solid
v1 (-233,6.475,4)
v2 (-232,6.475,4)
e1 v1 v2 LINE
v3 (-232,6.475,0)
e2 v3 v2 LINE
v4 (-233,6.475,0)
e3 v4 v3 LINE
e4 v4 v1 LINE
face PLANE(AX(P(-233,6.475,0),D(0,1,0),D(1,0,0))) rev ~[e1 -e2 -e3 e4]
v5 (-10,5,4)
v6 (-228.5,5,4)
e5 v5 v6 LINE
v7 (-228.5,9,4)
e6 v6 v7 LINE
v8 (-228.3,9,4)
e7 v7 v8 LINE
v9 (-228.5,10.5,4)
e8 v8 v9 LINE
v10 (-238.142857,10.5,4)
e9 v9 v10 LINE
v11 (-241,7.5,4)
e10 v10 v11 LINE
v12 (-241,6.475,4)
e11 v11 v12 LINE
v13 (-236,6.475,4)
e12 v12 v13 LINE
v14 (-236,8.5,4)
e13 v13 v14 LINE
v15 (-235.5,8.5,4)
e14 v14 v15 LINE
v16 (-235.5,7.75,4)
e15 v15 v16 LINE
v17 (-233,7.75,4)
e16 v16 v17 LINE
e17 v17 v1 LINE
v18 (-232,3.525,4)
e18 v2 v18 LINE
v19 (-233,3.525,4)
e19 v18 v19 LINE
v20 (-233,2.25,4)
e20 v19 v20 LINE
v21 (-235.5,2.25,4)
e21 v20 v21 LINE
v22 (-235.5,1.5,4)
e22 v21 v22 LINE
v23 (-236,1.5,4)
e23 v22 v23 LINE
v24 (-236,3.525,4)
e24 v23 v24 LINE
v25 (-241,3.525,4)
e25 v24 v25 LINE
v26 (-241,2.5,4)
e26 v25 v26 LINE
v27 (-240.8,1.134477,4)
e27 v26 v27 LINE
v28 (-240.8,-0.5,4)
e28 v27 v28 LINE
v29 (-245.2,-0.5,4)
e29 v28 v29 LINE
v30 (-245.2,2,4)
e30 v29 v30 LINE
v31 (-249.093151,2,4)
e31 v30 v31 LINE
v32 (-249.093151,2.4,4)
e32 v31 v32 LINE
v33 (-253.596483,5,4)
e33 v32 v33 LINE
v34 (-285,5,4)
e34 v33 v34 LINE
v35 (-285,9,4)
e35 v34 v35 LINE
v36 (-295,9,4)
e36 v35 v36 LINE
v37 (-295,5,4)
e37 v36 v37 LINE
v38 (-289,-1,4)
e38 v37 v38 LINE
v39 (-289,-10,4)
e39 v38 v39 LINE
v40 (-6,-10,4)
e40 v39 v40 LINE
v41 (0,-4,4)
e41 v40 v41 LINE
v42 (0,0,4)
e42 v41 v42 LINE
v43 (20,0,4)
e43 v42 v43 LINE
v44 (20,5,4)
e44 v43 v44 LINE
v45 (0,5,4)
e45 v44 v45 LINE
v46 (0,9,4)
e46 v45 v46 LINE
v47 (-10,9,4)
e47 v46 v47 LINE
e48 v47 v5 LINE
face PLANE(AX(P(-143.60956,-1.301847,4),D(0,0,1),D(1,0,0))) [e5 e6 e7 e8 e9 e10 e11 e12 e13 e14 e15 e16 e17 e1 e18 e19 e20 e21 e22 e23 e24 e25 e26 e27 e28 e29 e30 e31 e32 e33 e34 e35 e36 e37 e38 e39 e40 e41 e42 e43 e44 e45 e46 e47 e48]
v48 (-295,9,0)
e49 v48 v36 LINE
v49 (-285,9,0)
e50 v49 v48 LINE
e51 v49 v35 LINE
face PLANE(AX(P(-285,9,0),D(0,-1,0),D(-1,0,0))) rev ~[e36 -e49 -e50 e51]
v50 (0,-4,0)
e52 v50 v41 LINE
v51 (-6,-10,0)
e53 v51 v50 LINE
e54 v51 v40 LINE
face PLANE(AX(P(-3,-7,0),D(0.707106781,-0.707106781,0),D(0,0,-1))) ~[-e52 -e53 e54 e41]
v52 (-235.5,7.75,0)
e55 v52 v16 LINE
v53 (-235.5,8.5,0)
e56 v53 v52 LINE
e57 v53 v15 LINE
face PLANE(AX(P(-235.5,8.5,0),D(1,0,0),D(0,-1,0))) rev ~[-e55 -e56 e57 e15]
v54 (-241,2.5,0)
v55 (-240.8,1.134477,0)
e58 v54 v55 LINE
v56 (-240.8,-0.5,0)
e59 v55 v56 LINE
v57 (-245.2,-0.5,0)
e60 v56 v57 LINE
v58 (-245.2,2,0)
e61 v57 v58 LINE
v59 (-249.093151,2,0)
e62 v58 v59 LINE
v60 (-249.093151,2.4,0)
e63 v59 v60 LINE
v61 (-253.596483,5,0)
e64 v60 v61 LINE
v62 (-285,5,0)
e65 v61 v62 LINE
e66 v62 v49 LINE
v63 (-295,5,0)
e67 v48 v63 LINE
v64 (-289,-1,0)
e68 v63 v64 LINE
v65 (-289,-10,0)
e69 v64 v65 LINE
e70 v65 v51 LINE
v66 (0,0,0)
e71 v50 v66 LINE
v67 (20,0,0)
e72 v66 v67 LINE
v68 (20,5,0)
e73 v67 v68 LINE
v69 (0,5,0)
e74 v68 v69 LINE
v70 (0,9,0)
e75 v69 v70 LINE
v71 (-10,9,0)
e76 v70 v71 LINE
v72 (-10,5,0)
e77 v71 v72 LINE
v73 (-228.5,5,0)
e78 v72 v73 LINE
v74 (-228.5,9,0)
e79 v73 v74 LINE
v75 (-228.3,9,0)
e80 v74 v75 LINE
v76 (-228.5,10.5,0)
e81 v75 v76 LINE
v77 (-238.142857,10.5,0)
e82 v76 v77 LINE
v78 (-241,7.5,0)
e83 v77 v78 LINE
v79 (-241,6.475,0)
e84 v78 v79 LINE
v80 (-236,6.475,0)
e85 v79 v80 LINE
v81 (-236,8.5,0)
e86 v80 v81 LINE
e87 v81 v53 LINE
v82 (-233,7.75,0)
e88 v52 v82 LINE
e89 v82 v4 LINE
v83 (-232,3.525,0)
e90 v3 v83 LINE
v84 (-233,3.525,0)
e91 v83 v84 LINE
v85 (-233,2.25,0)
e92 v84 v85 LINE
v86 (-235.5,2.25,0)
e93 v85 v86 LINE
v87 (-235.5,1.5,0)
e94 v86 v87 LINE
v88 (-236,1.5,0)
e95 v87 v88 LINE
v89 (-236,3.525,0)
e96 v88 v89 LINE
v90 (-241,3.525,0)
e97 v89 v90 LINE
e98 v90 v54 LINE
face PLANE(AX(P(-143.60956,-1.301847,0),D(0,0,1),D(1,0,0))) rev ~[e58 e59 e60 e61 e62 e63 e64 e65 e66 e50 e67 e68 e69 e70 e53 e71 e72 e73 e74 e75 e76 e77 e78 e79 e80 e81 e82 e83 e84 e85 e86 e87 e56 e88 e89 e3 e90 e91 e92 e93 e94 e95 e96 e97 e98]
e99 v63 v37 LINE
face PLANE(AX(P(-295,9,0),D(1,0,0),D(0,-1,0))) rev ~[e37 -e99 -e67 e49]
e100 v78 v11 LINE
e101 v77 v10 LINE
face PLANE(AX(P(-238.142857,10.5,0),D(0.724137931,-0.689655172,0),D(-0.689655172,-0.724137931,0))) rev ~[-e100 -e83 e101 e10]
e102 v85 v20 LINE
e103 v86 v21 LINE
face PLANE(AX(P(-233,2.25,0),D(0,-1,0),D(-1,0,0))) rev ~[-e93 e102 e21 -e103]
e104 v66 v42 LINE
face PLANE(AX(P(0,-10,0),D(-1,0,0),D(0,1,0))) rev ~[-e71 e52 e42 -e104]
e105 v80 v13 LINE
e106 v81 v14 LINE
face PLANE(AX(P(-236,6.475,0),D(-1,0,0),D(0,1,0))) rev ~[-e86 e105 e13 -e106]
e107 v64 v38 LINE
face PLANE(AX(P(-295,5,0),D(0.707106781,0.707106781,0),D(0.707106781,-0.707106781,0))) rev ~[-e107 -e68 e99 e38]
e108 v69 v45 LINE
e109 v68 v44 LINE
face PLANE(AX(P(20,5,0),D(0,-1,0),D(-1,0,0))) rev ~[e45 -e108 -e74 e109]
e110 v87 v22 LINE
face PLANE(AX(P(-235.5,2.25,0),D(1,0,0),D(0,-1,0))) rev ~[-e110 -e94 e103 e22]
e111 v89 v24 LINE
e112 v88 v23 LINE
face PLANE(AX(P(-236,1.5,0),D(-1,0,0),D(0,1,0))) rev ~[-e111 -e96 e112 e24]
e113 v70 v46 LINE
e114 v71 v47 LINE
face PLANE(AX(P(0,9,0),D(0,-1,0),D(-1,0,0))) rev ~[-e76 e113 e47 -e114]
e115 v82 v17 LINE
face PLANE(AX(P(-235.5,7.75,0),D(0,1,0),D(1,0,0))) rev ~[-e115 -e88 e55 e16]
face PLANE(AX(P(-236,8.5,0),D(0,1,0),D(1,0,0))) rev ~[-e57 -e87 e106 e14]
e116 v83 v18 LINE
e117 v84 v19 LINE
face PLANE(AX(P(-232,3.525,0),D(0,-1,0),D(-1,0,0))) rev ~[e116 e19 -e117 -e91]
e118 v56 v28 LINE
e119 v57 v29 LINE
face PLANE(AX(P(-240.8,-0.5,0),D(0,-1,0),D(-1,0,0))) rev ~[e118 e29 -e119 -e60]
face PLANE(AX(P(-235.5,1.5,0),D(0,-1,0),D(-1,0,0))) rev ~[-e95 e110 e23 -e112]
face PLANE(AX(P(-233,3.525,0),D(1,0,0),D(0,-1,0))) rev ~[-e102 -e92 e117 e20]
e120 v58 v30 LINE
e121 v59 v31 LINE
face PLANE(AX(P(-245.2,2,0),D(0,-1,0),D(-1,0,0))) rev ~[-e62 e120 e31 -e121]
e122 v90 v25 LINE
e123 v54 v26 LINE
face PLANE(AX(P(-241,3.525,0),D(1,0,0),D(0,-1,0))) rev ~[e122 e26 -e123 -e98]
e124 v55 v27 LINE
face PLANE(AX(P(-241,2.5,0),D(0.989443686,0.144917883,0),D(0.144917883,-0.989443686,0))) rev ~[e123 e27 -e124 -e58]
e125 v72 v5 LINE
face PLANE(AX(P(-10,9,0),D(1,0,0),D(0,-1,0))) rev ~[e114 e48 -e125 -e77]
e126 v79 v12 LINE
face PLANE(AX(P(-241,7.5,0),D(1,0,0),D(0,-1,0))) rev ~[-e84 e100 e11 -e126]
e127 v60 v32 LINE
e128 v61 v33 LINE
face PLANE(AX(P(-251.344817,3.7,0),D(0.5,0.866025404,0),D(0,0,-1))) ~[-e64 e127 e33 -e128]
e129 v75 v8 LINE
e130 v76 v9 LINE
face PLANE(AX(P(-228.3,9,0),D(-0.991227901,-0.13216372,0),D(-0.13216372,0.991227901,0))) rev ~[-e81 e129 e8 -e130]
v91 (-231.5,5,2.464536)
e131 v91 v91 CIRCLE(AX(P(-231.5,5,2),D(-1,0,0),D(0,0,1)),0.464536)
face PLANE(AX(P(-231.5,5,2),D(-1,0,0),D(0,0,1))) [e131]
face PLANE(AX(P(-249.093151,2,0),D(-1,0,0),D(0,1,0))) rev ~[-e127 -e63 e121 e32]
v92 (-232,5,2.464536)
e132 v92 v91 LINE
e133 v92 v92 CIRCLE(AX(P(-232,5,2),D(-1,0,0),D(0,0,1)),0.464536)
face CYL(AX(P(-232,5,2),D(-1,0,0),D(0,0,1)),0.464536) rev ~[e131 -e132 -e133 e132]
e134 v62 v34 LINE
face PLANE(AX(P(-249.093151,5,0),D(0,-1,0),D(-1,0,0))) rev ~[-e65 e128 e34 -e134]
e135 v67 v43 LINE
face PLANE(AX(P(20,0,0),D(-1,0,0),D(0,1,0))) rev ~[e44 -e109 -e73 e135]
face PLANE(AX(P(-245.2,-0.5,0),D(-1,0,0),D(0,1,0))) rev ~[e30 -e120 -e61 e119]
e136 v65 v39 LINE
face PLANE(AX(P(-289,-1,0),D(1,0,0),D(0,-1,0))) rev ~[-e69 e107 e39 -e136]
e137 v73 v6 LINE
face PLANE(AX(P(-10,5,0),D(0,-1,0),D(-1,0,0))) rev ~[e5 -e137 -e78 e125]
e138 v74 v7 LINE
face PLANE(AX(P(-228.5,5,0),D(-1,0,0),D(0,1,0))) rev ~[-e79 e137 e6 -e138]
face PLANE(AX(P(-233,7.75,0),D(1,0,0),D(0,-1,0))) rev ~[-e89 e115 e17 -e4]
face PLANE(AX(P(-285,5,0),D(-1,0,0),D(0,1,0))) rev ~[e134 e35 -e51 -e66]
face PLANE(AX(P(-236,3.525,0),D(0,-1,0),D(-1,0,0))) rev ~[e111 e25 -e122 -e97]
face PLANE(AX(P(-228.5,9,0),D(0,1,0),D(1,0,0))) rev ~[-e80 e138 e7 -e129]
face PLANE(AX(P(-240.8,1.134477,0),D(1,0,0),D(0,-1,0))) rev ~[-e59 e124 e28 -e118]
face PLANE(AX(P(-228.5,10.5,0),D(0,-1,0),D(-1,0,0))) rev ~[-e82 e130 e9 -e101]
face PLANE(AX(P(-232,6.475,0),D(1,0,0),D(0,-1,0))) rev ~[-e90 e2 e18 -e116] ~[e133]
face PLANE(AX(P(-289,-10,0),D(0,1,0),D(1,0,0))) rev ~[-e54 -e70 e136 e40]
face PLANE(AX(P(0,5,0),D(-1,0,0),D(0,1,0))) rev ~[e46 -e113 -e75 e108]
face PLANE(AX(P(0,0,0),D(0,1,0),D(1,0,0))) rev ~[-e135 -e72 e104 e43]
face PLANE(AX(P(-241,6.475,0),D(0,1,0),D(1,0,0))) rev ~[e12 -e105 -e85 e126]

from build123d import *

# Parameters (mm, degrees)
BOSS_EXTRUDE1_DEPTH = 4
CHAMFER1_SIZE       = 6
CHAMFER2_SIZE       = 2.6
CHAMFER2_SIZE2      = 4.5033321
SKETCH2_R           = 0.464535938
CUT_EXTRUDE1_DEPTH  = 0.5


with BuildPart() as part:
    # Sketch1 → Boss-Extrude1 (new body)
    with BuildSketch(Plane.XY):
        Polygon((0, 0), (20, 0), (20, 5), (0, 5), (0, 9), (-10, 9), (-10, 5), (-228.5, 5), (-228.5, 9), (-228.3, 9), (-228.5, 10.5), (-238.142857143, 10.5), (-241, 7.5), (-241, 6.475), (-236, 6.475), (-236, 8.5), (-235.5, 8.5), (-235.5, 7.75), (-233, 7.75), (-233, 6.475), (-232, 6.475), (-232, 3.525), (-233, 3.525), (-233, 2.25), (-235.5, 2.25), (-235.5, 1.5), (-236, 1.5), (-236, 3.525), (-241, 3.525), (-241, 2.5), (-240.8, 1.134476763), (-240.8, -0.5), (-245.2, -0.5), (-245.2, 2), (-249.093151184, 2), (-249.093151184, 5), (-285, 5), (-285, 9), (-295, 9), (-295, 5), (-289, -1), (-289, -10), (0, -10), align=None)
    extrude(amount=BOSS_EXTRUDE1_DEPTH)

    # Chamfer1
    chamfer1_edges = [part.edges().sort_by_distance(p)[0] for p in [
        (0, -10, 2),
    ]]
    chamfer(chamfer1_edges, length=CHAMFER1_SIZE)

    # Chamfer2
    chamfer2_edges = [part.edges().sort_by_distance(p)[0] for p in [
        (-249.093151184, 5, 2),
    ]]
    chamfer2_side = [part.faces().sort_by_distance(p)[0] for p in [
        (-249.093151184, 3.5, 2),
    ]]
    chamfer(chamfer2_edges, length=CHAMFER2_SIZE, length2=CHAMFER2_SIZE2, reference=chamfer2_side[0])

    # Sketch2 → Cut-Extrude1 (cut)
    with BuildSketch(Plane.ZY.offset(232)):
        with Locations((2, 5)):
            Circle(SKETCH2_R)
    extrude(amount=-CUT_EXTRUDE1_DEPTH, mode=Mode.SUBTRACT)


solid = part.part
